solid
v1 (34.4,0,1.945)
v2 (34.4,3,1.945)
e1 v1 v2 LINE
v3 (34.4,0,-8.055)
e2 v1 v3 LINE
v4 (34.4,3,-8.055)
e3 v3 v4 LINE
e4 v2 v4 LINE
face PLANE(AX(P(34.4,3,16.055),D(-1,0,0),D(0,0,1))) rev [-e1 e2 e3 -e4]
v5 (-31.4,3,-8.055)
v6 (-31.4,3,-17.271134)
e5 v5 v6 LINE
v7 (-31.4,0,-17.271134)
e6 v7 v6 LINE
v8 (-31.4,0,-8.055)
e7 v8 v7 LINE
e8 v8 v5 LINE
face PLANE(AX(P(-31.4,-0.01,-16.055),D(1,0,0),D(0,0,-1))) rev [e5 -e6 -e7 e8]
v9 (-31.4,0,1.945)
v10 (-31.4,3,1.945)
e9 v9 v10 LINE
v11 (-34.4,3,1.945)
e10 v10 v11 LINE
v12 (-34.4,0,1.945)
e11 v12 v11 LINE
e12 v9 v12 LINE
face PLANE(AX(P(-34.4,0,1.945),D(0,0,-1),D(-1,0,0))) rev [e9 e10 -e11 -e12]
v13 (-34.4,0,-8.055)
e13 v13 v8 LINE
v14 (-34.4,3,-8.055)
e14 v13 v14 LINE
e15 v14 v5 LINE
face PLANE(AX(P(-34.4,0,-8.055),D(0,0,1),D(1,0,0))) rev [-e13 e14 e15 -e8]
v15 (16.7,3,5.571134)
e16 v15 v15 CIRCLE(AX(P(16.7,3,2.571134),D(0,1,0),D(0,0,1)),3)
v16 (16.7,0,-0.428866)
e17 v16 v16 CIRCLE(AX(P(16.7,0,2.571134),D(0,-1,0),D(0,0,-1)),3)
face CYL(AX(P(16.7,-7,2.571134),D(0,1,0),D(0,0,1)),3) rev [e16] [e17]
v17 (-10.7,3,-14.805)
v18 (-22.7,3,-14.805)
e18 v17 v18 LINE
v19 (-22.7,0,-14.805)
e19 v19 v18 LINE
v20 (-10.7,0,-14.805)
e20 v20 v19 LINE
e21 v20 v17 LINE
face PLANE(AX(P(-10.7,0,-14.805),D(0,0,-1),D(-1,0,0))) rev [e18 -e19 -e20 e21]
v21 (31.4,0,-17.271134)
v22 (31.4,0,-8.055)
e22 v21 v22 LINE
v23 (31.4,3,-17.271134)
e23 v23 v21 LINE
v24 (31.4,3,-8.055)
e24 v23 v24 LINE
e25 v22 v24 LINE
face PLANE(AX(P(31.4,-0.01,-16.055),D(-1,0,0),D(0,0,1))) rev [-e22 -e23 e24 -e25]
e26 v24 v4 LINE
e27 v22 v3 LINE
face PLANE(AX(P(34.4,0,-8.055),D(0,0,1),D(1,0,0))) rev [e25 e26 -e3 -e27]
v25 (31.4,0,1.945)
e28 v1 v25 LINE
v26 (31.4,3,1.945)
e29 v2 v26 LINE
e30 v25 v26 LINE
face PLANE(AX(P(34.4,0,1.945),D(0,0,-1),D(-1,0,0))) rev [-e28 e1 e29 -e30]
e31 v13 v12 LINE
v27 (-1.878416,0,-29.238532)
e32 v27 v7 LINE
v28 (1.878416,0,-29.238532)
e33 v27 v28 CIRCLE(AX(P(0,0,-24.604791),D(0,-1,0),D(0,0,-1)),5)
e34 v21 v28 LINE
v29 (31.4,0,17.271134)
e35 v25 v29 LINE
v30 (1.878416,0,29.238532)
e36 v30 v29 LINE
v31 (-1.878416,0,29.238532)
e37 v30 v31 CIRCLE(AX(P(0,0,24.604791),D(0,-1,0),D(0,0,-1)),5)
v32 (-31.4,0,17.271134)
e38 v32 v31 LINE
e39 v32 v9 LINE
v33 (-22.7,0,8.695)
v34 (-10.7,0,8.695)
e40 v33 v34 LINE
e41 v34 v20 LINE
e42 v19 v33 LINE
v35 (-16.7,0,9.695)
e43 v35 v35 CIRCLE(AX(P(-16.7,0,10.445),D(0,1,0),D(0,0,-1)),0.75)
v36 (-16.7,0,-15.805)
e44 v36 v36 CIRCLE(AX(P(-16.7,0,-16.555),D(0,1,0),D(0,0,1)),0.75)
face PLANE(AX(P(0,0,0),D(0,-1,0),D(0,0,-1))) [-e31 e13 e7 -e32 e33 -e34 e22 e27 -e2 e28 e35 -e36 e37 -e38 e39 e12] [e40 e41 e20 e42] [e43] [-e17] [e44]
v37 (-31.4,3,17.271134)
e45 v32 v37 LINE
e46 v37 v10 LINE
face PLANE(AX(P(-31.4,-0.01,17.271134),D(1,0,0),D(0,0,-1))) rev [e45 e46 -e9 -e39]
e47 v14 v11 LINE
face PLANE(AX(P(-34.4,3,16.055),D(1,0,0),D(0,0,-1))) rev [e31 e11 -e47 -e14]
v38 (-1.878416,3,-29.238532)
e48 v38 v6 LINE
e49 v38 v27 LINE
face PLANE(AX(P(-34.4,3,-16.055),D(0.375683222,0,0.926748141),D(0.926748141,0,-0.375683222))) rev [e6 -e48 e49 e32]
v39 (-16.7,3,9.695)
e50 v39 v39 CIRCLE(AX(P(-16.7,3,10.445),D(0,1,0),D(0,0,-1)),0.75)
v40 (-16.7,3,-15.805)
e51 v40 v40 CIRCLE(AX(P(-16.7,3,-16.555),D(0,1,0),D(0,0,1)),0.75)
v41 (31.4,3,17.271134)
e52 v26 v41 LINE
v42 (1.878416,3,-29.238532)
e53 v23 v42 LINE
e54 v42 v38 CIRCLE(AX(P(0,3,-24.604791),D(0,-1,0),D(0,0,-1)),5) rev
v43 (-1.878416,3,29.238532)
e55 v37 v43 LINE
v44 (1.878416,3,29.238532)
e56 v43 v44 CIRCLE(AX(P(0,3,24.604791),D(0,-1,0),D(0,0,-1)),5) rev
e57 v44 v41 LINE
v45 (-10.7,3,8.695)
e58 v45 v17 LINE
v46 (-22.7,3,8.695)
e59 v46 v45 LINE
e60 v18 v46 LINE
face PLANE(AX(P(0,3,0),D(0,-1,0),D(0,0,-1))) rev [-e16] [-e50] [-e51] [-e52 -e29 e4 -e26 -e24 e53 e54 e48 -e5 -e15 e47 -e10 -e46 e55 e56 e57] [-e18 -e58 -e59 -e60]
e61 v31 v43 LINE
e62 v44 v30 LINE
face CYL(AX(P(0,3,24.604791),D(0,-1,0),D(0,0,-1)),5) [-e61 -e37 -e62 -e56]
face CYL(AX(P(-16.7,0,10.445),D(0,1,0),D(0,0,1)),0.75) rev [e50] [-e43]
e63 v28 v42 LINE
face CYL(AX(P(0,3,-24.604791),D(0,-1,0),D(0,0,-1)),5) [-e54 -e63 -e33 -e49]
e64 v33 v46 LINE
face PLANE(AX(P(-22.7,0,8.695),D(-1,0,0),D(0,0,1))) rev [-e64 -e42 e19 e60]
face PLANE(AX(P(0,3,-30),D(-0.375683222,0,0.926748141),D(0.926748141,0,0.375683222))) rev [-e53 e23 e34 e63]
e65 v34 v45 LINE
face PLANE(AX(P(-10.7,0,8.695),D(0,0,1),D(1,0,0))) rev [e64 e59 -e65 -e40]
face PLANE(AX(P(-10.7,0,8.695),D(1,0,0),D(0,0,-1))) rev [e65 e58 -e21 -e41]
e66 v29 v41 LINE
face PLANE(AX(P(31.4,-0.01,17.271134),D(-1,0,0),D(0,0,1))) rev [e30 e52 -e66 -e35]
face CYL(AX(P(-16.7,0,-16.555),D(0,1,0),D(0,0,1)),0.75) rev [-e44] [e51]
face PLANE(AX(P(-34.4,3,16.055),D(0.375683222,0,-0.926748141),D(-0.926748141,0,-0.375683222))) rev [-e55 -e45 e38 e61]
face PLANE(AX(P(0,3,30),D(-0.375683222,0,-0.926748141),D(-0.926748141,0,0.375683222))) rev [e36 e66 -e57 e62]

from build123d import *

# Parameters (mm, degrees)
BOSS_EXTRUDE4_DEPTH      = 3
SKETCH8_W                = 3
SKETCH8_H                = 8
SKETCH8_H_2              = 14.11
CUT_EXTRUDE5_DEPTH       = 3
SKETCH9_R                = 0.75
SKETCH9_W                = 12
SKETCH9_H                = 23.5
CUT_EXTRUDE6_DEPTH       = 3
FILLET2_R                = 5
SPLIT1_SURFACE_1_1_BACK  = 91.82
SPLIT1_SURFACE_1_1_DEPTH = 183.64
SPLIT1_SURFACE_1_2_BACK  = 91.82
SPLIT1_SURFACE_1_2_DEPTH = 183.64
SPLIT1_SURFACE_2_3_BACK  = 91.82
SPLIT1_SURFACE_2_3_DEPTH = 183.64
SPLIT1_SURFACE_2_4_BACK  = 91.82
SPLIT1_SURFACE_2_4_DEPTH = 183.64
SPLIT1_SURFACE_3_5_BACK  = 91.82
SPLIT1_SURFACE_3_5_DEPTH = 183.64
SPLIT1_SURFACE_3_6_BACK  = 91.82
SPLIT1_SURFACE_3_6_DEPTH = 183.64
SPLIT1_SURFACE_4_7_BACK  = 91.82
SPLIT1_SURFACE_4_7_DEPTH = 183.64
SPLIT1_SURFACE_4_8_BACK  = 91.82
SPLIT1_SURFACE_4_8_DEPTH = 183.64
SKETCH11_R               = 3
CUT_EXTRUDE7_DEPTH       = 10


with BuildPart() as part:
    # Sketch6 → Boss-Extrude4 (new body)
    with BuildSketch(Plane(origin=(0, 0, 0), x_dir=(1, 0, 0), z_dir=(0, 1, 0))):
        Polygon((-34.4, 16.055), (0, 30), (34.4, 16.055), (34.4, -16.055), (0, -30), (-34.4, -16.055), align=None)
    extrude(amount=BOSS_EXTRUDE4_DEPTH)

    # Sketch8 → Cut-Extrude5 (cut)
    with BuildSketch(Plane(origin=(0, 3, 0), x_dir=(1, 0, 0), z_dir=(0, 1, 0))):
        with Locations((32.9, 12.055)):
            Rectangle(SKETCH8_W, SKETCH8_H)
        with Locations((32.9, -9)):
            Rectangle(SKETCH8_W, SKETCH8_H_2)
        with Locations((-32.9, -9)):
            Rectangle(SKETCH8_W, SKETCH8_H_2)
        with Locations((-32.9, 12.055)):
            Rectangle(SKETCH8_W, SKETCH8_H)
    extrude(amount=-CUT_EXTRUDE5_DEPTH, mode=Mode.SUBTRACT)

    # Sketch9 → Cut-Extrude6 (cut)
    with BuildSketch(Plane(origin=(0, 3, 0), x_dir=(1, 0, 0), z_dir=(0, 1, 0))):
        with Locations(Location((-16.7, 16.555, 0), (0, 0, 270))):
            Circle(SKETCH9_R)
        with Locations(Location((-16.7, -10.445, 0), (0, 0, 90))):
            Circle(SKETCH9_R)
        with Locations((-16.7, 3.055)):
            Rectangle(SKETCH9_W, SKETCH9_H)
    extrude(amount=-CUT_EXTRUDE6_DEPTH, mode=Mode.SUBTRACT)

    # Fillet2
    fillet2_edges = [part.edges().sort_by_distance(p)[0] for p in [
        (0, 1.5, -30),
        (0, 1.5, 30),
    ]]
    fillet(fillet2_edges, radius=FILLET2_R)


with BuildPart() as body_2:
    # Split1: the piece behind the surface
    add(part.part)
    # Split1 surface 1: a surface, the sketch's curves swept straight by 183.64 mm
    with BuildLine(Plane(origin=(0, 3, 0), x_dir=(1, 0, 0), z_dir=(0, 1, 0)).offset(-SPLIT1_SURFACE_1_1_BACK), mode=Mode.PRIVATE) as split1_surface_1_1_path:
        Line((34.4, 16.055), (31.4, 16.055))
        Line((31.4, 16.055), (31.4, 17.271133721))
        Line((31.4, 17.271133721), (34.4, 16.055))
    split1_surface_1_1 = Shell.extrude(split1_surface_1_1_path.wire(), (0 * SPLIT1_SURFACE_1_1_DEPTH, 1 * SPLIT1_SURFACE_1_1_DEPTH, 0 * SPLIT1_SURFACE_1_1_DEPTH))
    split(bisect_by=split1_surface_1_1, keep=Keep.BOTTOM)


with BuildPart() as part_1:
    add(part.part)

    # Split1: split by a surface, the side it looks to stays
    # Split1 surface 1: a surface, the sketch's curves swept straight by 183.64 mm
    with BuildLine(Plane(origin=(0, 3, 0), x_dir=(1, 0, 0), z_dir=(0, 1, 0)).offset(-SPLIT1_SURFACE_1_2_BACK), mode=Mode.PRIVATE) as split1_surface_1_2_path:
        Line((34.4, 16.055), (31.4, 16.055))
        Line((31.4, 16.055), (31.4, 17.271133721))
        Line((31.4, 17.271133721), (34.4, 16.055))
    split1_surface_1_2 = Shell.extrude(split1_surface_1_2_path.wire(), (0 * SPLIT1_SURFACE_1_2_DEPTH, 1 * SPLIT1_SURFACE_1_2_DEPTH, 0 * SPLIT1_SURFACE_1_2_DEPTH))
    split(bisect_by=split1_surface_1_2, keep=Keep.TOP)


with BuildPart() as body_3:
    # Split1 2: the piece behind the surface
    add(part_1.part)
    # Split1 surface 2: a surface, the sketch's curves swept straight by 183.64 mm
    with BuildLine(Plane(origin=(0, 3, 0), x_dir=(1, 0, 0), z_dir=(0, 1, 0)).offset(-SPLIT1_SURFACE_2_3_BACK), mode=Mode.PRIVATE) as split1_surface_2_3_path:
        Line((31.4, -17.271133721), (31.4, -16.055))
        Line((31.4, -16.055), (34.4, -16.055))
        Line((34.4, -16.055), (31.4, -17.271133721))
    split1_surface_2_3 = Shell.extrude(split1_surface_2_3_path.wire(), (0 * SPLIT1_SURFACE_2_3_DEPTH, 1 * SPLIT1_SURFACE_2_3_DEPTH, 0 * SPLIT1_SURFACE_2_3_DEPTH))
    split(bisect_by=split1_surface_2_3, keep=Keep.BOTTOM)


with BuildPart() as part_2:
    add(part_1.part)

    # Split1 2: split by a surface, the side it looks to stays
    # Split1 surface 2: a surface, the sketch's curves swept straight by 183.64 mm
    with BuildLine(Plane(origin=(0, 3, 0), x_dir=(1, 0, 0), z_dir=(0, 1, 0)).offset(-SPLIT1_SURFACE_2_4_BACK), mode=Mode.PRIVATE) as split1_surface_2_4_path:
        Line((31.4, -17.271133721), (31.4, -16.055))
        Line((31.4, -16.055), (34.4, -16.055))
        Line((34.4, -16.055), (31.4, -17.271133721))
    split1_surface_2_4 = Shell.extrude(split1_surface_2_4_path.wire(), (0 * SPLIT1_SURFACE_2_4_DEPTH, 1 * SPLIT1_SURFACE_2_4_DEPTH, 0 * SPLIT1_SURFACE_2_4_DEPTH))
    split(bisect_by=split1_surface_2_4, keep=Keep.TOP)


with BuildPart() as body_4_2:
    # Split1 3: the piece behind the surface
    add(part_2.part)
    # Split1 surface 3: a surface, the sketch's curves swept straight by 183.64 mm
    with BuildLine(Plane(origin=(0, 3, 0), x_dir=(1, 0, 0), z_dir=(0, 1, 0)).offset(-SPLIT1_SURFACE_3_5_BACK), mode=Mode.PRIVATE) as split1_surface_3_5_path:
        Line((-31.4, -17.271133721), (-31.4, -16.055))
        Line((-31.4, -16.055), (-34.4, -16.055))
        Line((-34.4, -16.055), (-31.4, -17.271133721))
    split1_surface_3_5 = Shell.extrude(split1_surface_3_5_path.wire(), (0 * SPLIT1_SURFACE_3_5_DEPTH, 1 * SPLIT1_SURFACE_3_5_DEPTH, 0 * SPLIT1_SURFACE_3_5_DEPTH))
    split(bisect_by=split1_surface_3_5, keep=Keep.BOTTOM)


with BuildPart() as part_3:
    add(part_2.part)

    # Split1 3: split by a surface, the side it looks to stays
    # Split1 surface 3: a surface, the sketch's curves swept straight by 183.64 mm
    with BuildLine(Plane(origin=(0, 3, 0), x_dir=(1, 0, 0), z_dir=(0, 1, 0)).offset(-SPLIT1_SURFACE_3_6_BACK), mode=Mode.PRIVATE) as split1_surface_3_6_path:
        Line((-31.4, -17.271133721), (-31.4, -16.055))
        Line((-31.4, -16.055), (-34.4, -16.055))
        Line((-34.4, -16.055), (-31.4, -17.271133721))
    split1_surface_3_6 = Shell.extrude(split1_surface_3_6_path.wire(), (0 * SPLIT1_SURFACE_3_6_DEPTH, 1 * SPLIT1_SURFACE_3_6_DEPTH, 0 * SPLIT1_SURFACE_3_6_DEPTH))
    split(bisect_by=split1_surface_3_6, keep=Keep.TOP)


with BuildPart() as body_5_2:
    # Split1 4 body 4 2: the piece behind the surface
    add(body_4_2.part)
    # Split1 surface 4: a surface, the sketch's curves swept straight by 183.64 mm
    with BuildLine(Plane(origin=(0, 3, 0), x_dir=(1, 0, 0), z_dir=(0, 1, 0)).offset(-SPLIT1_SURFACE_4_7_BACK), mode=Mode.PRIVATE) as split1_surface_4_7_path:
        Line((-34.4, 16.055), (-31.4, 16.055))
        Line((-31.4, 16.055), (-31.4, 17.271133721))
        Line((-31.4, 17.271133721), (-34.4, 16.055))
    split1_surface_4_7 = Shell.extrude(split1_surface_4_7_path.wire(), (0 * SPLIT1_SURFACE_4_7_DEPTH, 1 * SPLIT1_SURFACE_4_7_DEPTH, 0 * SPLIT1_SURFACE_4_7_DEPTH))
    split(bisect_by=split1_surface_4_7, keep=Keep.BOTTOM)


with BuildPart() as body_4_2_1:
    add(body_4_2.part)

    # Split1 4 body 4 2: split by a surface, the side it looks to stays
    # Split1 surface 4: a surface, the sketch's curves swept straight by 183.64 mm
    with BuildLine(Plane(origin=(0, 3, 0), x_dir=(1, 0, 0), z_dir=(0, 1, 0)).offset(-SPLIT1_SURFACE_4_8_BACK), mode=Mode.PRIVATE) as split1_surface_4_8_path:
        Line((-34.4, 16.055), (-31.4, 16.055))
        Line((-31.4, 16.055), (-31.4, 17.271133721))
        Line((-31.4, 17.271133721), (-34.4, 16.055))
    split1_surface_4_8 = Shell.extrude(split1_surface_4_8_path.wire(), (0 * SPLIT1_SURFACE_4_8_DEPTH, 1 * SPLIT1_SURFACE_4_8_DEPTH, 0 * SPLIT1_SURFACE_4_8_DEPTH))
    split(bisect_by=split1_surface_4_8, keep=Keep.TOP)

    # Sketch11 → Cut-Extrude7 (cut)
    with BuildSketch(Plane(origin=(0, 3, 0), x_dir=(1, 0, 0), z_dir=(0, 1, 0))):
        with Locations(Location((16.7, -2.571133721, 0), (0, 0, 270))):
            Circle(SKETCH11_R)
    extrude(amount=-CUT_EXTRUDE7_DEPTH, mode=Mode.SUBTRACT)


solid = body_4_2_1.part
